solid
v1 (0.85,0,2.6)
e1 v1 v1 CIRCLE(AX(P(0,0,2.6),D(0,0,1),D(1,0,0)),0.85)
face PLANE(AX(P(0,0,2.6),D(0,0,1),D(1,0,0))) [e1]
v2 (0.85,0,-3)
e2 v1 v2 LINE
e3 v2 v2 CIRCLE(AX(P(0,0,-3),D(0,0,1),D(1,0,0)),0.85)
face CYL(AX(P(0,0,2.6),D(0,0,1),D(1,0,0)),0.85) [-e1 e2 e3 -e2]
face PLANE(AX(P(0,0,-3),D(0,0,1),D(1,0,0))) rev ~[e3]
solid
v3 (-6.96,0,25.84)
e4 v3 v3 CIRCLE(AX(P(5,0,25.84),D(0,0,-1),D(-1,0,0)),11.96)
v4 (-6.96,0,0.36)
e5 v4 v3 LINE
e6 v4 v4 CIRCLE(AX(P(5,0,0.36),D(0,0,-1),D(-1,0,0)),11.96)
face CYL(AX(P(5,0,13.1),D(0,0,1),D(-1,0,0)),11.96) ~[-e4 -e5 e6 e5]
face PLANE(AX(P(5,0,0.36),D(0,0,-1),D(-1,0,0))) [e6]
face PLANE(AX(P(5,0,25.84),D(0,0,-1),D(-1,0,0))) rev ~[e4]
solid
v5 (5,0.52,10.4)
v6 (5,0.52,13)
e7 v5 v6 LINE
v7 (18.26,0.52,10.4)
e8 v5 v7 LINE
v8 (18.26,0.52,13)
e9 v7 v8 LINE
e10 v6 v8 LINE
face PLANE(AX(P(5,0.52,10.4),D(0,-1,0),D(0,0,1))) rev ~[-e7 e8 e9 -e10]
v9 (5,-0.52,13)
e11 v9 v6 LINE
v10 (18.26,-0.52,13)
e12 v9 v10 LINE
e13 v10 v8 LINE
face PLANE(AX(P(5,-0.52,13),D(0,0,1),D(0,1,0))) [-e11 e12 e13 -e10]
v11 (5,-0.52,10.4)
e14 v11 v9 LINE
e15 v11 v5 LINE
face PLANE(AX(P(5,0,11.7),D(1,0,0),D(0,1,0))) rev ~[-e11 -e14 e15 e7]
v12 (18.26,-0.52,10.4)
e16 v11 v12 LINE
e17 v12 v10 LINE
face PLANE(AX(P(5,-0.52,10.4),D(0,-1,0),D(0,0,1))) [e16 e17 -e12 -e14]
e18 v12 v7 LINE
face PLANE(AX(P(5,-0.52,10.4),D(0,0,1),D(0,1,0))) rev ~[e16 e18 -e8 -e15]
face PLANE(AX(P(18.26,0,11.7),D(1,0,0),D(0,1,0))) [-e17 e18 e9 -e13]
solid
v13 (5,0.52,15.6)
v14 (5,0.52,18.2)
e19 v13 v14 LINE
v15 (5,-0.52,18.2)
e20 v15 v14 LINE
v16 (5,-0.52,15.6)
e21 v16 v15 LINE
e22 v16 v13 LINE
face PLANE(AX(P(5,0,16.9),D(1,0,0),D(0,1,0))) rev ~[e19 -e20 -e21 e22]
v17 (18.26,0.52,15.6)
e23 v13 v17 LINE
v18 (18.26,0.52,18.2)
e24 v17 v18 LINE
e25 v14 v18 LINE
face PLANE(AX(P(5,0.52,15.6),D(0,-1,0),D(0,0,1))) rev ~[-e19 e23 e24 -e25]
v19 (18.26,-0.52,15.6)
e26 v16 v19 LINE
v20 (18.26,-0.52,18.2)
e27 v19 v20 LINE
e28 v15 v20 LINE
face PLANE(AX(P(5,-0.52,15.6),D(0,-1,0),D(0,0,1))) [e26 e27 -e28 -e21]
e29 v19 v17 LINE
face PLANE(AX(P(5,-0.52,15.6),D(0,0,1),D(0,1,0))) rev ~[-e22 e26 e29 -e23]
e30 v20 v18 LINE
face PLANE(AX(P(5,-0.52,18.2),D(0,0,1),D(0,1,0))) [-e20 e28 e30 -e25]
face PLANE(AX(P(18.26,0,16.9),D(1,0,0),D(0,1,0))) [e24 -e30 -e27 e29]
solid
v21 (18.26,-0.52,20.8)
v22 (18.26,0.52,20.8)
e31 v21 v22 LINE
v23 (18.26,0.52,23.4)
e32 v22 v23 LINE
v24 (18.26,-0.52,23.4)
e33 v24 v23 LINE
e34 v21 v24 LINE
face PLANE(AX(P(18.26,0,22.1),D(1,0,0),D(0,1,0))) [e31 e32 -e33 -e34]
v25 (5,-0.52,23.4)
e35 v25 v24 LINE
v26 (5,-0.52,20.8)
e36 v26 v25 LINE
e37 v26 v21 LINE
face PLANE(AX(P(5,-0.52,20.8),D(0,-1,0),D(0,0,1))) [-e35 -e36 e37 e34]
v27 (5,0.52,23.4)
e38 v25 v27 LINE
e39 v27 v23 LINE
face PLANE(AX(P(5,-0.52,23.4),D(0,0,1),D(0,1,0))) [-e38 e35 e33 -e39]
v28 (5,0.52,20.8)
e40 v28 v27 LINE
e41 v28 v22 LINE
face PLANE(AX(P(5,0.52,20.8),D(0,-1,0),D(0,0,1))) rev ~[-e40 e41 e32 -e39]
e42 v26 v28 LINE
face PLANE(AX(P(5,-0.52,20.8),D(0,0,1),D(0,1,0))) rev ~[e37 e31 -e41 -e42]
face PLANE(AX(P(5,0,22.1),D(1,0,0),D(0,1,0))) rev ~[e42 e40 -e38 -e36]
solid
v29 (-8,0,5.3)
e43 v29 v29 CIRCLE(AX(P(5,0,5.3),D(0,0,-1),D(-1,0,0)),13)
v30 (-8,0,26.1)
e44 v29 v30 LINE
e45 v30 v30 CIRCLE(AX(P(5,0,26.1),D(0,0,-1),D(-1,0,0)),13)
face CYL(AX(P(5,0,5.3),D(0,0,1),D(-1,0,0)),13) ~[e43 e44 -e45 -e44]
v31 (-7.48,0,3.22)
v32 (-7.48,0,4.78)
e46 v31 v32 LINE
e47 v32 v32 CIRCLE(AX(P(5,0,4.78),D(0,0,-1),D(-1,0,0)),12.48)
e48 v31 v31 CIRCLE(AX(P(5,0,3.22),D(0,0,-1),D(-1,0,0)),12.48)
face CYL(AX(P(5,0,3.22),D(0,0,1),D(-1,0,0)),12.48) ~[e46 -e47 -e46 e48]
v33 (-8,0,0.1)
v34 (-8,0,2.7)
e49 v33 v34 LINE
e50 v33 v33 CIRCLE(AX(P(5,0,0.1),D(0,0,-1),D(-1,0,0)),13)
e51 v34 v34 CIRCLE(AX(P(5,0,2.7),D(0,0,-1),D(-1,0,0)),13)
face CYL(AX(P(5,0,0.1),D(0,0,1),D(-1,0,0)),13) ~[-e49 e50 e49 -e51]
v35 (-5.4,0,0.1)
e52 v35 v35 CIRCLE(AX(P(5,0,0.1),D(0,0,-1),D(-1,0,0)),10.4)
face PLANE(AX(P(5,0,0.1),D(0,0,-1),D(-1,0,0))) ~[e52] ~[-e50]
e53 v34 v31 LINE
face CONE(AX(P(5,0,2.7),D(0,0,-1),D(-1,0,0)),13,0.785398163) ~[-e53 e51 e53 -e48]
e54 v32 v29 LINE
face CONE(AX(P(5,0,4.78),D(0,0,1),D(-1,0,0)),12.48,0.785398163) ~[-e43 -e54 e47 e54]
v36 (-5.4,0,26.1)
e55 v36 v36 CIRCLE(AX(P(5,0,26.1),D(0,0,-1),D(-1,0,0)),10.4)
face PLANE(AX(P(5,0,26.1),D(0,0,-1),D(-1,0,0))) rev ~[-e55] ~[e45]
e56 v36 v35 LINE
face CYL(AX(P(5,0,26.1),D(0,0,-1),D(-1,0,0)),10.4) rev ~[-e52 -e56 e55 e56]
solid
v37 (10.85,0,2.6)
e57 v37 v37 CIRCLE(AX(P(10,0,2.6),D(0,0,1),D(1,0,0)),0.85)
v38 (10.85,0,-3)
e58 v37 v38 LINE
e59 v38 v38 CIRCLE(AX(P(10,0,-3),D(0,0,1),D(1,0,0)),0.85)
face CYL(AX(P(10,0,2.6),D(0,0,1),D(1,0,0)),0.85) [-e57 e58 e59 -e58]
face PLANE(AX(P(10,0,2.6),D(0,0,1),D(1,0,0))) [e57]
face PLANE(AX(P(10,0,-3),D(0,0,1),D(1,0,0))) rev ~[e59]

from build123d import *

# Parameters (mm, degrees)
SKETCH002_W  = 11.96
SKETCH002_H  = 25.48
SKETCH003_R  = 0.85
PAD_DEPTH    = 5.6
SKETCH004_W  = 1.04
SKETCH004_H  = 2.6
PAD001_DEPTH = 13.26


with BuildPart() as revolution:
    # Sketch → Revolution (revolve)
    with BuildSketch(Plane.XZ):
        Polygon((-8, 0.1), (-8, 2.7), (-7.48, 3.22), (-7.48, 4.78), (-8, 5.3), (-8, 26.1), (-5.4, 26.1), (-5.4, 0.1), align=None)
    revolve(axis=Axis((5, 0, 7.548619), (0, 0, -1)))


with BuildPart() as revolution001:
    # Sketch002 → Revolution001 (revolve)
    with BuildSketch(Plane.XZ):
        with Locations((-0.98, 13.1)):
            Rectangle(SKETCH002_W, SKETCH002_H)
    revolve(axis=Axis((5, 0, 4.680116), (0, 0, -1)))


with BuildPart() as pad:
    # Sketch003 → Pad (new body)
    with BuildSketch(Plane.XY.offset(2.6)):
        Circle(SKETCH003_R)
        with Locations((10, 0)):
            Circle(SKETCH003_R)
    extrude(amount=-PAD_DEPTH)


with BuildPart() as pad001:
    # Sketch004 → Pad001 (new body)
    with BuildSketch(Plane.YZ.offset(5)):
        with Locations((0, 11.7)):
            Rectangle(SKETCH004_W, SKETCH004_H)
        with Locations((0, 16.9)):
            Rectangle(SKETCH004_W, SKETCH004_H)
        with Locations((0, 22.1)):
            Rectangle(SKETCH004_W, SKETCH004_H)
    extrude(amount=PAD001_DEPTH)


solid = Compound([revolution.part, revolution001.part, pad.part, pad001.part])
